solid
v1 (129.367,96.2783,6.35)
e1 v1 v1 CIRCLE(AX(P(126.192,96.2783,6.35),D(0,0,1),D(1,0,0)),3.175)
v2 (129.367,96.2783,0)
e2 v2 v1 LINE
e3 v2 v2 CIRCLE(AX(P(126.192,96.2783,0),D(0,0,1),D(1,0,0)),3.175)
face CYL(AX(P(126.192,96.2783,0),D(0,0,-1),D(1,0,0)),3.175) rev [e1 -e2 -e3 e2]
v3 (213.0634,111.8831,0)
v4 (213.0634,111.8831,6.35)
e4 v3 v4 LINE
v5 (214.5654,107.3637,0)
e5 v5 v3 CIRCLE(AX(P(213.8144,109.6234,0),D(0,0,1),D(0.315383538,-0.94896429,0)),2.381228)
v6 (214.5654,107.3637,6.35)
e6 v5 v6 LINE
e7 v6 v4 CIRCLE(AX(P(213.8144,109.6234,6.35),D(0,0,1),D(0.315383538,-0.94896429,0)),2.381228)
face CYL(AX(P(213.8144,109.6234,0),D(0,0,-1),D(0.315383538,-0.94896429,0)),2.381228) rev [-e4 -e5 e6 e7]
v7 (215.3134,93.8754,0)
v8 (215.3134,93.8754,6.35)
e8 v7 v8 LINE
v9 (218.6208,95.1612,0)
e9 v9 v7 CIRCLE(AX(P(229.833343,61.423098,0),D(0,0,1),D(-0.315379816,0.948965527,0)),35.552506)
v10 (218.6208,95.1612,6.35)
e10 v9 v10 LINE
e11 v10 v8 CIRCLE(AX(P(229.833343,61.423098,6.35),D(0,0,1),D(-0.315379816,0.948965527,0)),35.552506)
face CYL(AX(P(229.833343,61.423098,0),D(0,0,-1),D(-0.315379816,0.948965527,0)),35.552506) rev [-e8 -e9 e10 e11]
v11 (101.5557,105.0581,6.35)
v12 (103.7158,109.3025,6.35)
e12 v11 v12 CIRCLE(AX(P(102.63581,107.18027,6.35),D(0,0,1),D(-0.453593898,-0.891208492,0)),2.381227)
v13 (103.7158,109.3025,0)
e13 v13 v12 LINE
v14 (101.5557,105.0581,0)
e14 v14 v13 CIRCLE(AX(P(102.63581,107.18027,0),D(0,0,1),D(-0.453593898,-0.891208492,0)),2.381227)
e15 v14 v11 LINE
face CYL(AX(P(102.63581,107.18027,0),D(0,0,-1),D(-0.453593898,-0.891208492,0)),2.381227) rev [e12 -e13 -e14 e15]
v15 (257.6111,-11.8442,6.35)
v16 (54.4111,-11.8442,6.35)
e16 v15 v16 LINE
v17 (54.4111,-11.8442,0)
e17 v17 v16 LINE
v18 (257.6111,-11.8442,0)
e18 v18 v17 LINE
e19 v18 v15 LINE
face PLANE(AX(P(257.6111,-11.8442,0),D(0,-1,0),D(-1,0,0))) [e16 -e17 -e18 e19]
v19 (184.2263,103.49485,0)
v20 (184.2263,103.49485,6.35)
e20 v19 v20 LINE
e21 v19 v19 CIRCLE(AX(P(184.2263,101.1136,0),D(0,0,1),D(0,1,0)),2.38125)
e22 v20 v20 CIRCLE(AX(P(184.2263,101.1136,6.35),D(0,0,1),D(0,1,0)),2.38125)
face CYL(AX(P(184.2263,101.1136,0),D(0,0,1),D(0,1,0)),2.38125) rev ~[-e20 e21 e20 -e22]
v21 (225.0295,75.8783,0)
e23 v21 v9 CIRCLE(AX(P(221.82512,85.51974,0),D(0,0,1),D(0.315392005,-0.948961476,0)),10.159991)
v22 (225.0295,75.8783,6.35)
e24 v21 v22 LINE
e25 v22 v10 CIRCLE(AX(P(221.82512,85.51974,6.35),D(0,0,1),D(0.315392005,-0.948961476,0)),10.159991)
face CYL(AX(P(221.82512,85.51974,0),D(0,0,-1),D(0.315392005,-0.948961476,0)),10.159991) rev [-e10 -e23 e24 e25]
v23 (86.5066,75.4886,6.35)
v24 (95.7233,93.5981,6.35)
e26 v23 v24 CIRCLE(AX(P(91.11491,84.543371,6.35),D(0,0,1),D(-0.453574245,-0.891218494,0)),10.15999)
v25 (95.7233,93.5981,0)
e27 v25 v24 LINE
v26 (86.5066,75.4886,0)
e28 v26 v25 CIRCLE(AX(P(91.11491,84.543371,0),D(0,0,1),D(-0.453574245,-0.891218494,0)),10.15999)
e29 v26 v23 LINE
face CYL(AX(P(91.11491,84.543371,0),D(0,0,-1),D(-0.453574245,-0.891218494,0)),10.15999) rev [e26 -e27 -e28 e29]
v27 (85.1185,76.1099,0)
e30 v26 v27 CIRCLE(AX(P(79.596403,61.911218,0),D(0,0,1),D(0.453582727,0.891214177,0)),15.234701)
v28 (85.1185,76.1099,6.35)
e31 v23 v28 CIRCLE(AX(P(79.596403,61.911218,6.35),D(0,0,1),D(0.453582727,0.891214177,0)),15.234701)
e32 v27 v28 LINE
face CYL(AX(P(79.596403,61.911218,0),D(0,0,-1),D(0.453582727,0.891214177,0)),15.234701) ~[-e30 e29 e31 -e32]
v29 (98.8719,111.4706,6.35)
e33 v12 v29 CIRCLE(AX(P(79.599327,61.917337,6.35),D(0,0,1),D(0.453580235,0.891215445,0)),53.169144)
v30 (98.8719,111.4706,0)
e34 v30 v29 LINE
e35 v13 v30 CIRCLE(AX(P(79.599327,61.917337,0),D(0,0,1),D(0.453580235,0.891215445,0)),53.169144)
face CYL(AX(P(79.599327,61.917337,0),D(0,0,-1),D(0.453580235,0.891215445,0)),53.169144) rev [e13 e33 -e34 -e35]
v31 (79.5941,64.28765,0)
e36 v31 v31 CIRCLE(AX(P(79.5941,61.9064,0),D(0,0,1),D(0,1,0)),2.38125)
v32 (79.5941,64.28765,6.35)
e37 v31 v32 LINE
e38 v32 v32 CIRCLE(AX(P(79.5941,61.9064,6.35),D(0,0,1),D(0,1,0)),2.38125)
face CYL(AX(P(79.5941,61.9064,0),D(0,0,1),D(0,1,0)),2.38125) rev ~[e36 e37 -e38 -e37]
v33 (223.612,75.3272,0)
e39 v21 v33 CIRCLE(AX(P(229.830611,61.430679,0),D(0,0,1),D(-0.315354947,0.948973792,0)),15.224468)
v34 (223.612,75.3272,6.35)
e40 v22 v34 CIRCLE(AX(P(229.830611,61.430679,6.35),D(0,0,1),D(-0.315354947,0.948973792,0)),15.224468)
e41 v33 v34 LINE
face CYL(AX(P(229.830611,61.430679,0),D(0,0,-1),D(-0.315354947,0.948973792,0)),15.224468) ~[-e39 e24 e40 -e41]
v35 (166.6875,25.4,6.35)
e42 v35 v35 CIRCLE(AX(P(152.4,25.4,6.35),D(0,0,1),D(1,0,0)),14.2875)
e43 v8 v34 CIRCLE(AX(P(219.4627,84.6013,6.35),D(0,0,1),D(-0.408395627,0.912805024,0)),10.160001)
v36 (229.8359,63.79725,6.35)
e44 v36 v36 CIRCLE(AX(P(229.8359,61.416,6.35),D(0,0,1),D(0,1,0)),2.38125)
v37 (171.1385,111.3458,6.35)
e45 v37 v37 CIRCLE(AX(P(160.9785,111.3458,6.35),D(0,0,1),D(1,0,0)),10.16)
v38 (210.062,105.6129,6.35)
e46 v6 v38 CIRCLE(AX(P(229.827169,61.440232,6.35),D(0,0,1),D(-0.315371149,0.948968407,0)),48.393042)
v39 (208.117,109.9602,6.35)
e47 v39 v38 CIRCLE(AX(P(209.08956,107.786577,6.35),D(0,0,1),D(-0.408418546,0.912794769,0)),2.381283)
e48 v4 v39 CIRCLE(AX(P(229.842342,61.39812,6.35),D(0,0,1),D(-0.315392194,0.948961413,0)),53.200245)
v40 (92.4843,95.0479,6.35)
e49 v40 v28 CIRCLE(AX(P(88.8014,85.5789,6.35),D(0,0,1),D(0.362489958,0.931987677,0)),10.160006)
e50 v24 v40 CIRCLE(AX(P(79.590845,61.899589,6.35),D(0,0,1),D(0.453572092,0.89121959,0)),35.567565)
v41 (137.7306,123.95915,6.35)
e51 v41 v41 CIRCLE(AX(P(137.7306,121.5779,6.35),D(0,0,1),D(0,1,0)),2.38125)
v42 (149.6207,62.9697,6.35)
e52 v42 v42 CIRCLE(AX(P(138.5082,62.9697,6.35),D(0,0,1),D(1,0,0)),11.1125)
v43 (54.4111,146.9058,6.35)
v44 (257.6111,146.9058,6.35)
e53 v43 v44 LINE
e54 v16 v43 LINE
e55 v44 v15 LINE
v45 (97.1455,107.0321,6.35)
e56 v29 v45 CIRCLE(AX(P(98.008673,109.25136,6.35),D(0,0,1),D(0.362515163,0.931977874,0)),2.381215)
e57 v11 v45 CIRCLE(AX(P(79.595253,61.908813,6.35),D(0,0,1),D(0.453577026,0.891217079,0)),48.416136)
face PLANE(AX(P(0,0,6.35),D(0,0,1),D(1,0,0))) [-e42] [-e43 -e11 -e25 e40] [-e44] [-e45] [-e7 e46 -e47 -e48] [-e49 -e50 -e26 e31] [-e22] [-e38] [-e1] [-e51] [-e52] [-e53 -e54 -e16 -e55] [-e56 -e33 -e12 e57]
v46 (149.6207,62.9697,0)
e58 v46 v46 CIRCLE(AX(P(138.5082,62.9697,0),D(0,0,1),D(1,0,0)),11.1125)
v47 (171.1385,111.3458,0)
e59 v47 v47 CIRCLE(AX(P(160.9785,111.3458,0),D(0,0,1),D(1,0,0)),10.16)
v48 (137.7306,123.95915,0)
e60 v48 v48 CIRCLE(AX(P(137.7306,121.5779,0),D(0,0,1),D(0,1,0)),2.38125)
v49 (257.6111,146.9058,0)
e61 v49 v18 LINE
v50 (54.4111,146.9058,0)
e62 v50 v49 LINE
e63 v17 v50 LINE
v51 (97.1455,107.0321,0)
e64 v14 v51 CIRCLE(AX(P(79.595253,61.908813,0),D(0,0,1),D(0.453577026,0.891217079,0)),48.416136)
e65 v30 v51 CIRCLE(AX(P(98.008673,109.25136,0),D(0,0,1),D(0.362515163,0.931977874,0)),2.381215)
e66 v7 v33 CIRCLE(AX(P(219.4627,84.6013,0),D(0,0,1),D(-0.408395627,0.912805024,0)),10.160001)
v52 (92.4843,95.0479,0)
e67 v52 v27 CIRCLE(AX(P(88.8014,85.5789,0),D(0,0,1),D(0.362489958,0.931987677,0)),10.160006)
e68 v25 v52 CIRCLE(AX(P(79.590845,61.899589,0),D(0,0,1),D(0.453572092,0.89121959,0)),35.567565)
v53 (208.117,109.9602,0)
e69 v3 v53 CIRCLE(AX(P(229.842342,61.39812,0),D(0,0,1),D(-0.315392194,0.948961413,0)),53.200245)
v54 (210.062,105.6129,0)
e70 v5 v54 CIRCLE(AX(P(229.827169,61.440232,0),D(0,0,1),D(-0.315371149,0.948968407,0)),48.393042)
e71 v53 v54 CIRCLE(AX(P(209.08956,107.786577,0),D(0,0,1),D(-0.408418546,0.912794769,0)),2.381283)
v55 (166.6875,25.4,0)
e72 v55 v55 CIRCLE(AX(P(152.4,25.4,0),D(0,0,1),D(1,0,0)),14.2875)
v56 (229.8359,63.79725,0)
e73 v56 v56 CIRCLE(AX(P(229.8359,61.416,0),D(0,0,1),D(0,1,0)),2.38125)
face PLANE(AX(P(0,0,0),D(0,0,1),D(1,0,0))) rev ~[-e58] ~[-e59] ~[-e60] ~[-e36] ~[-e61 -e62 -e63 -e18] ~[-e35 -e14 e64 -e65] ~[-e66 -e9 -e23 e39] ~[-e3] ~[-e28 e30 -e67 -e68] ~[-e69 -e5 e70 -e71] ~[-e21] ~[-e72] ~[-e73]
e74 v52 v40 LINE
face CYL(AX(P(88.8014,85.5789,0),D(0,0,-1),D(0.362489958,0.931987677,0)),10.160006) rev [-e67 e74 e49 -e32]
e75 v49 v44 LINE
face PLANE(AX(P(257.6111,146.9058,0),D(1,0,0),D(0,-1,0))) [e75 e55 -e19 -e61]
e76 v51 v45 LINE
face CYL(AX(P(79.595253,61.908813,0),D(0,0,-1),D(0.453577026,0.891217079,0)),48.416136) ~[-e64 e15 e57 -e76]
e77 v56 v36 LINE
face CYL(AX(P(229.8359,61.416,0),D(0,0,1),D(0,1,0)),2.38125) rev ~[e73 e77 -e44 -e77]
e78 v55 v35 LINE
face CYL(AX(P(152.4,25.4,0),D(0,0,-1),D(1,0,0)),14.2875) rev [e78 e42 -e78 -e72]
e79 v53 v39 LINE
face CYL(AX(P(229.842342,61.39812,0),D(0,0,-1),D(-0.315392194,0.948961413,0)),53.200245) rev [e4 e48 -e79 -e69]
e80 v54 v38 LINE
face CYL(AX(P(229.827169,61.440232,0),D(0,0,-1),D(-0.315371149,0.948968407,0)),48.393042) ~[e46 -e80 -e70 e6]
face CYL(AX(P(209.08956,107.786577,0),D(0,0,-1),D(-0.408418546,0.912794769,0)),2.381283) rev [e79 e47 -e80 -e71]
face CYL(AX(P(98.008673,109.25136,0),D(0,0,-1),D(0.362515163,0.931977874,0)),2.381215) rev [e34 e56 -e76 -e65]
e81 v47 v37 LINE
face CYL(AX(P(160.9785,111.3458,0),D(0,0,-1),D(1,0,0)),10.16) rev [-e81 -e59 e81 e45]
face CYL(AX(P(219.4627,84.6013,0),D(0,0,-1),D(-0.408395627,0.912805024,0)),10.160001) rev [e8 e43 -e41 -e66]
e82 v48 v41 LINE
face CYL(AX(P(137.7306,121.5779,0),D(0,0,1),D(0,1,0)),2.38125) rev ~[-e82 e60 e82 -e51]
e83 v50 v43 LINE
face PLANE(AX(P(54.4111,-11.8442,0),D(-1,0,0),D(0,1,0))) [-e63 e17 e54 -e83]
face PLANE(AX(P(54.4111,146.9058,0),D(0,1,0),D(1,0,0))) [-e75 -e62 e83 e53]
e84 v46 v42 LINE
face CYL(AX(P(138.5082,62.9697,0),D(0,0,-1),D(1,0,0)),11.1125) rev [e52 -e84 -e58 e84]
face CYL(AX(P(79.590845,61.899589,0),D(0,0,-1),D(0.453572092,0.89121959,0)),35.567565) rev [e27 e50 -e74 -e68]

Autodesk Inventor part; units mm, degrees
ref_plane "YZ Plane" through (0, 0, 0) normal (1, 0, 0) x (0, 1, 0)
ref_plane "XZ Plane" through (0, 0, 0) normal (0, 1, 0) x (-1, 0, 0)
ref_plane "XY Plane" through (0, 0, 0) normal (0, 0, 1) x (1, 0, 0)
sketch "Sketch1" plane through (0, 0, 0) normal (0, 0, 1) x (1, 0, 0)
  line L0 (0, 0) -> (304.8, 0) construction
  line L1 (304.8, 0) -> (304.8, 50.8) construction
  line L2 (304.8, 50.8) -> (0, 50.8) construction
  line L3 (0, 50.8) -> (0, 0) construction
  circle A0 centre (152.4, 25.4) radius 14.2875
  circle A1 centre (152.4, 25.4) radius 30.48 construction
  circle A2 centre (152.4, 25.4) radius 22.225 construction
  line L4 (152.4, 25.4) -> (138.5082, 62.9697) construction
  circle A3 centre (138.5082, 62.9697) radius 9.525 construction
  circle A4 centre (138.5082, 62.9697) radius 17.78 construction
  circle A5 centre (89.9711, 85.09) radius 31.75
  circle A6 centre (160.9785, 111.3458) radius 31.75
  circle A7 centre (220.6325, 85.09) radius 31.75
  line L5 (0, 50.8) -> (0, 53.34) construction
  line L6 (0, 53.34) -> (304.8, 53.34) construction
  line L7 (304.8, 53.34) -> (304.8, 50.8) construction
  circle A8 centre (138.5082, 62.9697) radius 21.59 construction
  circle A9 centre (152.4, 25.4) radius 46.99 construction
  circle A10 centre (152.4, 25.4) radius 50.8 construction
  arc A11 (84.9408, 79.3264) -> (90.9184, 92.6811) centre (89.9711, 85.09) ccw construction
  circle A12 centre (160.9785, 111.3458) radius 7.65 construction
  circle A13 centre (220.6325, 85.09) radius 7.65 construction
  circle A14 centre (160.9785, 111.3458) radius 9.1 construction
  line L8 (164.8287, 119.5911) -> (223.8692, 92.0215) construction
  line L9 (157.4988, 102.9373) -> (217.7073, 78.0214) construction
  circle A15 centre (138.5082, 62.9697) radius 22.9 construction
  line L10 (84.9408, 79.3264) -> (123.4503, 45.7166) construction
  line L11 (168.5483, 110.2412) -> (161.1682, 59.6633) construction
  line L12 (90.9184, 92.6811) -> (89.9711, 85.09) construction
  line L13 (89.9711, 85.09) -> (84.9408, 79.3264) construction
  circle A16 centre (126.192, 96.2783) radius 3.175
  circle A17 centre (126.192, 96.2783) radius 7.9375 construction
  line L14 (90.9184, 92.6811) -> (125.2091, 88.4019) construction
  line L15 (132.0626, 90.936) -> (155.3205, 116.4945) construction
  line L16 (155.3205, 116.4945) -> (160.9785, 111.3458) construction
  line L17 (168.5483, 110.2412) -> (160.9785, 111.3458) construction
  line L18 (138.5082, 62.9697) -> (126.192, 96.2783) construction
  line L19 (89.9711, 85.09) -> (160.9785, 111.3458) construction
  line L20 (152.4, 25.4) -> (89.9711, 85.09) construction
  line L21 (152.4, 25.4) -> (160.9785, 111.3458) construction
  circle A18 centre (126.192, 96.2783) radius 9.2075 construction
  circle A19 centre (126.192, 96.2783) radius 6.1595 construction
  arc A20 (90.9184, 92.6811) -> (84.9408, 79.3264) centre (89.9711, 85.09) ccw construction
  line L22 (160.9785, 111.3458) -> (220.6325, 85.09) construction
  circle A21 centre (160.9785, 111.3458) radius 25.4 construction
  circle A22 centre (220.6325, 85.09) radius 25.4 construction
  line L23 (102.9424, 114.0695) -> (76.9998, 56.1105) construction
  circle A23 centre (89.9711, 85.09) radius 25.4 construction
  line L24 (209.1281, 114.6824) -> (232.1368, 55.4976) construction
  circle A24 centre (160.9785, 111.3458) radius 10.16
  line L25 (54.4111, 146.9058) -> (257.6111, 146.9058)
  line L26 (257.6111, 146.9058) -> (257.6111, -11.8442)
  line L27 (257.6111, -11.8442) -> (54.4111, -11.8442)
  line L28 (54.4111, -11.8442) -> (54.4111, 146.9058)
  circle A25 centre (138.5082, 62.9697) radius 11.1125
  arc A26 (225.0295, 75.8783) -> (218.6208, 95.1612) centre (221.8252, 85.5197) ccw
  line L29 (219.4627, 84.6013) -> (229.8359, 61.416) construction
  line L30 (221.8252, 85.5197) -> (229.8359, 61.416) construction
  line L31 (219.4627, 84.6013) -> (209.0895, 107.7866) construction
  line L32 (221.8252, 85.5197) -> (213.8144, 109.6234) construction
  arc A27 (208.117, 109.9602) -> (210.062, 105.6129) centre (209.0895, 107.7866) ccw
  arc A28 (214.5654, 107.3637) -> (213.0634, 111.8831) centre (213.8144, 109.6234) ccw
  arc A29 (214.5654, 107.3637) -> (210.062, 105.6129) centre (229.8359, 61.416) ccw
  arc A30 (213.0634, 111.8831) -> (208.117, 109.9602) centre (229.8359, 61.416) ccw
  line L33 (209.0895, 107.7866) -> (208.117, 109.9602) construction
  line L34 (213.8144, 109.6234) -> (213.0634, 111.8831) construction
  arc A31 (218.6208, 95.1612) -> (215.3134, 93.8754) centre (229.8359, 61.416) ccw
  arc A32 (225.0295, 75.8783) -> (223.612, 75.3272) centre (229.8359, 61.416) ccw
  line L35 (102.6358, 107.1803) -> (91.1149, 84.5434) construction
  line L36 (79.5941, 61.9064) -> (88.8014, 85.5789) construction
  arc A33 (98.8719, 111.4706) -> (97.1455, 107.0321) centre (98.0087, 109.2513) ccw
  arc A34 (101.5557, 105.0581) -> (103.7158, 109.3025) centre (102.6358, 107.1803) ccw
  arc A35 (101.5557, 105.0581) -> (97.1455, 107.0321) centre (79.5941, 61.9064) ccw
  line L37 (98.0087, 109.2513) -> (98.8719, 111.4706) construction
  line L38 (102.6358, 107.1803) -> (103.7158, 109.3025) construction
  arc A36 (103.7158, 109.3025) -> (98.8719, 111.4706) centre (79.5941, 61.9064) ccw
  arc A37 (215.3134, 93.8754) -> (223.612, 75.3272) centre (219.4627, 84.6013) ccw
  arc A38 (86.5066, 75.4886) -> (95.7233, 93.5981) centre (91.1149, 84.5434) ccw
  line L39 (88.8014, 85.5789) -> (98.0087, 109.2513) construction
  line L40 (91.1149, 84.5434) -> (79.5941, 61.9064) construction
  arc A39 (86.5066, 75.4886) -> (85.1185, 76.1099) centre (79.5941, 61.9064) ccw
  arc A40 (95.7233, 93.5981) -> (92.4843, 95.0479) centre (79.5941, 61.9064) ccw
  arc A41 (92.4843, 95.0479) -> (85.1185, 76.1099) centre (88.8014, 85.5789) ccw
  line L41 (160.9785, 111.3458) -> (137.7306, 121.5779) construction
  point P0 (184.2263, 101.1136)
  point P1 (211.429, 108.764)
  point P2 (100.3481, 108.2736)
  dimension "d1" = 50.8
  dimension "d2" = 28.575
  dimension "d3" = 25.4
  dimension "d4" = 152.4
  dimension "d7" = 60.96
  dimension "d8" = 44.45
  dimension "d9" = 19.05
  dimension "d10" = 35.56
  dimension "d11" = 40.0558
  dimension "d12" = 63.5
  dimension "d13" = 63.5
  dimension "d14" = 63.5
  dimension "d15" = 2.54
  dimension "d16" = 304.8
  dimension "d17" = 43.18
  dimension "d18" = 93.98
  dimension "d19" = 101.6
  dimension "d21" = 15.3
  dimension "d22" = 15.3
  dimension "d23" = 15.3
  dimension "d24" = 18.2
  dimension "d29" = 45.8
  dimension "d30" = 146
  dimension "d31" = 6.35
  dimension "d32" = 15.875
  dimension "d33" = 146
  dimension "d35" = 18.415
  dimension "d37" = 12.319
  dimension "d38" = 65.1764
  dimension "d40" = 50.8
  dimension "d41" = 50.8
  dimension "d42" = 17
  dimension "d43" = 17
  dimension "d44" = 50.8
  dimension "d45" = 45
  dimension "d50" = 20.32
  dimension "d53" = 203.2
  dimension "d54" = 158.75
  dimension "d55" = 35.56
  dimension "d56" = 35.56
  dimension "d57" = 22.225
  dimension "d67" = 25.4
  dimension "d68" = 25.4
  dimension "d69" = 2.86
  dimension "d70" = 25.4
  dimension "d71" = 25.4
  dimension "d72" = 4.7625
  dimension "d75" = 2.86
  dimension "d80" = 4.7625
  dimension "d82" = 4.7625
  dimension "d83" = 50.8
  dimension "d84" = 50.8
  dimension "d85" = 10.16
  dimension "d97" = 48.4188
  dimension "d99" = 20.32
  dimension "d101" = 25.4
  dimension "d102" = 25.4
  dimension "d103" = 10.16
  dimension "d104" = 180
extrude "Extrusion2" add sketch "Sketch1" along normal blind 6.35 contours A5 | A6 | A7 | L25 L26 L27 L28
hole "Hole2" at (79.5941, 61.9064, 0) at (229.8359, 61.416, 0) at (184.2263, 101.1136, 0) at (137.7306, 121.5779, 0) direction (0, 0, 1) diameter 4.7625 end through all
equation "\"d2\" = BearingLargeOD"
equation "\"d7\" = Gear48tPD"
equation "\"d8\" = Gear35tPD"
equation "\"d9\" = Gear15tPD"
equation "\"d10\" = Gear28tPD"
equation "\"d11\" = 0.5 * Gear48tPD + 0.5 * Gear15tPD + MeshingClearance"
equation "\"d12\" = CimOD"
equation "\"d13\" = CimOD"
equation "\"d14\" = CimOD"
equation "\"d17\" = Gear28tPD + ClearanceDiameter"
equation "\"d18\" = WheelOD"
equation "\"d19\" = WheelClearance"
equation "\"Pulley48tPD\" = 45.8"
equation "\"Pulley19tPD\" = 18.2"
equation "\"Pulley16tPD\" = 15.3"
equation "\"Gear15tPD\" = 19.05"
equation "\"Gear35tPD\" = 44.45"
equation "\"Gear48tPD\" = 60.96"
equation "\"Gear28tPD\" = 35.56"
equation "\"BearingLargeOD\" = 28.575"
equation "\"BearingSmallOD\" = 22.225"
equation "\"MeshingClearance\" = 0.0508"
equation "\"CimOD\" = 63.5"
equation "\"WheelOD\" = 93.98"
equation "\"ClearanceDiameter\" = 7.62"
equation "\"WheelClearance\" = 101.6"
equation "\"TensioningBearingID\" = 6.35"
equation "\"TensioningBearingOD\" = 15.875"
equation "\"SpingClipClearance\" = 8.89"
equation "\"Pi\" = 79.79645"
properties part number "OutlineSketch1"
